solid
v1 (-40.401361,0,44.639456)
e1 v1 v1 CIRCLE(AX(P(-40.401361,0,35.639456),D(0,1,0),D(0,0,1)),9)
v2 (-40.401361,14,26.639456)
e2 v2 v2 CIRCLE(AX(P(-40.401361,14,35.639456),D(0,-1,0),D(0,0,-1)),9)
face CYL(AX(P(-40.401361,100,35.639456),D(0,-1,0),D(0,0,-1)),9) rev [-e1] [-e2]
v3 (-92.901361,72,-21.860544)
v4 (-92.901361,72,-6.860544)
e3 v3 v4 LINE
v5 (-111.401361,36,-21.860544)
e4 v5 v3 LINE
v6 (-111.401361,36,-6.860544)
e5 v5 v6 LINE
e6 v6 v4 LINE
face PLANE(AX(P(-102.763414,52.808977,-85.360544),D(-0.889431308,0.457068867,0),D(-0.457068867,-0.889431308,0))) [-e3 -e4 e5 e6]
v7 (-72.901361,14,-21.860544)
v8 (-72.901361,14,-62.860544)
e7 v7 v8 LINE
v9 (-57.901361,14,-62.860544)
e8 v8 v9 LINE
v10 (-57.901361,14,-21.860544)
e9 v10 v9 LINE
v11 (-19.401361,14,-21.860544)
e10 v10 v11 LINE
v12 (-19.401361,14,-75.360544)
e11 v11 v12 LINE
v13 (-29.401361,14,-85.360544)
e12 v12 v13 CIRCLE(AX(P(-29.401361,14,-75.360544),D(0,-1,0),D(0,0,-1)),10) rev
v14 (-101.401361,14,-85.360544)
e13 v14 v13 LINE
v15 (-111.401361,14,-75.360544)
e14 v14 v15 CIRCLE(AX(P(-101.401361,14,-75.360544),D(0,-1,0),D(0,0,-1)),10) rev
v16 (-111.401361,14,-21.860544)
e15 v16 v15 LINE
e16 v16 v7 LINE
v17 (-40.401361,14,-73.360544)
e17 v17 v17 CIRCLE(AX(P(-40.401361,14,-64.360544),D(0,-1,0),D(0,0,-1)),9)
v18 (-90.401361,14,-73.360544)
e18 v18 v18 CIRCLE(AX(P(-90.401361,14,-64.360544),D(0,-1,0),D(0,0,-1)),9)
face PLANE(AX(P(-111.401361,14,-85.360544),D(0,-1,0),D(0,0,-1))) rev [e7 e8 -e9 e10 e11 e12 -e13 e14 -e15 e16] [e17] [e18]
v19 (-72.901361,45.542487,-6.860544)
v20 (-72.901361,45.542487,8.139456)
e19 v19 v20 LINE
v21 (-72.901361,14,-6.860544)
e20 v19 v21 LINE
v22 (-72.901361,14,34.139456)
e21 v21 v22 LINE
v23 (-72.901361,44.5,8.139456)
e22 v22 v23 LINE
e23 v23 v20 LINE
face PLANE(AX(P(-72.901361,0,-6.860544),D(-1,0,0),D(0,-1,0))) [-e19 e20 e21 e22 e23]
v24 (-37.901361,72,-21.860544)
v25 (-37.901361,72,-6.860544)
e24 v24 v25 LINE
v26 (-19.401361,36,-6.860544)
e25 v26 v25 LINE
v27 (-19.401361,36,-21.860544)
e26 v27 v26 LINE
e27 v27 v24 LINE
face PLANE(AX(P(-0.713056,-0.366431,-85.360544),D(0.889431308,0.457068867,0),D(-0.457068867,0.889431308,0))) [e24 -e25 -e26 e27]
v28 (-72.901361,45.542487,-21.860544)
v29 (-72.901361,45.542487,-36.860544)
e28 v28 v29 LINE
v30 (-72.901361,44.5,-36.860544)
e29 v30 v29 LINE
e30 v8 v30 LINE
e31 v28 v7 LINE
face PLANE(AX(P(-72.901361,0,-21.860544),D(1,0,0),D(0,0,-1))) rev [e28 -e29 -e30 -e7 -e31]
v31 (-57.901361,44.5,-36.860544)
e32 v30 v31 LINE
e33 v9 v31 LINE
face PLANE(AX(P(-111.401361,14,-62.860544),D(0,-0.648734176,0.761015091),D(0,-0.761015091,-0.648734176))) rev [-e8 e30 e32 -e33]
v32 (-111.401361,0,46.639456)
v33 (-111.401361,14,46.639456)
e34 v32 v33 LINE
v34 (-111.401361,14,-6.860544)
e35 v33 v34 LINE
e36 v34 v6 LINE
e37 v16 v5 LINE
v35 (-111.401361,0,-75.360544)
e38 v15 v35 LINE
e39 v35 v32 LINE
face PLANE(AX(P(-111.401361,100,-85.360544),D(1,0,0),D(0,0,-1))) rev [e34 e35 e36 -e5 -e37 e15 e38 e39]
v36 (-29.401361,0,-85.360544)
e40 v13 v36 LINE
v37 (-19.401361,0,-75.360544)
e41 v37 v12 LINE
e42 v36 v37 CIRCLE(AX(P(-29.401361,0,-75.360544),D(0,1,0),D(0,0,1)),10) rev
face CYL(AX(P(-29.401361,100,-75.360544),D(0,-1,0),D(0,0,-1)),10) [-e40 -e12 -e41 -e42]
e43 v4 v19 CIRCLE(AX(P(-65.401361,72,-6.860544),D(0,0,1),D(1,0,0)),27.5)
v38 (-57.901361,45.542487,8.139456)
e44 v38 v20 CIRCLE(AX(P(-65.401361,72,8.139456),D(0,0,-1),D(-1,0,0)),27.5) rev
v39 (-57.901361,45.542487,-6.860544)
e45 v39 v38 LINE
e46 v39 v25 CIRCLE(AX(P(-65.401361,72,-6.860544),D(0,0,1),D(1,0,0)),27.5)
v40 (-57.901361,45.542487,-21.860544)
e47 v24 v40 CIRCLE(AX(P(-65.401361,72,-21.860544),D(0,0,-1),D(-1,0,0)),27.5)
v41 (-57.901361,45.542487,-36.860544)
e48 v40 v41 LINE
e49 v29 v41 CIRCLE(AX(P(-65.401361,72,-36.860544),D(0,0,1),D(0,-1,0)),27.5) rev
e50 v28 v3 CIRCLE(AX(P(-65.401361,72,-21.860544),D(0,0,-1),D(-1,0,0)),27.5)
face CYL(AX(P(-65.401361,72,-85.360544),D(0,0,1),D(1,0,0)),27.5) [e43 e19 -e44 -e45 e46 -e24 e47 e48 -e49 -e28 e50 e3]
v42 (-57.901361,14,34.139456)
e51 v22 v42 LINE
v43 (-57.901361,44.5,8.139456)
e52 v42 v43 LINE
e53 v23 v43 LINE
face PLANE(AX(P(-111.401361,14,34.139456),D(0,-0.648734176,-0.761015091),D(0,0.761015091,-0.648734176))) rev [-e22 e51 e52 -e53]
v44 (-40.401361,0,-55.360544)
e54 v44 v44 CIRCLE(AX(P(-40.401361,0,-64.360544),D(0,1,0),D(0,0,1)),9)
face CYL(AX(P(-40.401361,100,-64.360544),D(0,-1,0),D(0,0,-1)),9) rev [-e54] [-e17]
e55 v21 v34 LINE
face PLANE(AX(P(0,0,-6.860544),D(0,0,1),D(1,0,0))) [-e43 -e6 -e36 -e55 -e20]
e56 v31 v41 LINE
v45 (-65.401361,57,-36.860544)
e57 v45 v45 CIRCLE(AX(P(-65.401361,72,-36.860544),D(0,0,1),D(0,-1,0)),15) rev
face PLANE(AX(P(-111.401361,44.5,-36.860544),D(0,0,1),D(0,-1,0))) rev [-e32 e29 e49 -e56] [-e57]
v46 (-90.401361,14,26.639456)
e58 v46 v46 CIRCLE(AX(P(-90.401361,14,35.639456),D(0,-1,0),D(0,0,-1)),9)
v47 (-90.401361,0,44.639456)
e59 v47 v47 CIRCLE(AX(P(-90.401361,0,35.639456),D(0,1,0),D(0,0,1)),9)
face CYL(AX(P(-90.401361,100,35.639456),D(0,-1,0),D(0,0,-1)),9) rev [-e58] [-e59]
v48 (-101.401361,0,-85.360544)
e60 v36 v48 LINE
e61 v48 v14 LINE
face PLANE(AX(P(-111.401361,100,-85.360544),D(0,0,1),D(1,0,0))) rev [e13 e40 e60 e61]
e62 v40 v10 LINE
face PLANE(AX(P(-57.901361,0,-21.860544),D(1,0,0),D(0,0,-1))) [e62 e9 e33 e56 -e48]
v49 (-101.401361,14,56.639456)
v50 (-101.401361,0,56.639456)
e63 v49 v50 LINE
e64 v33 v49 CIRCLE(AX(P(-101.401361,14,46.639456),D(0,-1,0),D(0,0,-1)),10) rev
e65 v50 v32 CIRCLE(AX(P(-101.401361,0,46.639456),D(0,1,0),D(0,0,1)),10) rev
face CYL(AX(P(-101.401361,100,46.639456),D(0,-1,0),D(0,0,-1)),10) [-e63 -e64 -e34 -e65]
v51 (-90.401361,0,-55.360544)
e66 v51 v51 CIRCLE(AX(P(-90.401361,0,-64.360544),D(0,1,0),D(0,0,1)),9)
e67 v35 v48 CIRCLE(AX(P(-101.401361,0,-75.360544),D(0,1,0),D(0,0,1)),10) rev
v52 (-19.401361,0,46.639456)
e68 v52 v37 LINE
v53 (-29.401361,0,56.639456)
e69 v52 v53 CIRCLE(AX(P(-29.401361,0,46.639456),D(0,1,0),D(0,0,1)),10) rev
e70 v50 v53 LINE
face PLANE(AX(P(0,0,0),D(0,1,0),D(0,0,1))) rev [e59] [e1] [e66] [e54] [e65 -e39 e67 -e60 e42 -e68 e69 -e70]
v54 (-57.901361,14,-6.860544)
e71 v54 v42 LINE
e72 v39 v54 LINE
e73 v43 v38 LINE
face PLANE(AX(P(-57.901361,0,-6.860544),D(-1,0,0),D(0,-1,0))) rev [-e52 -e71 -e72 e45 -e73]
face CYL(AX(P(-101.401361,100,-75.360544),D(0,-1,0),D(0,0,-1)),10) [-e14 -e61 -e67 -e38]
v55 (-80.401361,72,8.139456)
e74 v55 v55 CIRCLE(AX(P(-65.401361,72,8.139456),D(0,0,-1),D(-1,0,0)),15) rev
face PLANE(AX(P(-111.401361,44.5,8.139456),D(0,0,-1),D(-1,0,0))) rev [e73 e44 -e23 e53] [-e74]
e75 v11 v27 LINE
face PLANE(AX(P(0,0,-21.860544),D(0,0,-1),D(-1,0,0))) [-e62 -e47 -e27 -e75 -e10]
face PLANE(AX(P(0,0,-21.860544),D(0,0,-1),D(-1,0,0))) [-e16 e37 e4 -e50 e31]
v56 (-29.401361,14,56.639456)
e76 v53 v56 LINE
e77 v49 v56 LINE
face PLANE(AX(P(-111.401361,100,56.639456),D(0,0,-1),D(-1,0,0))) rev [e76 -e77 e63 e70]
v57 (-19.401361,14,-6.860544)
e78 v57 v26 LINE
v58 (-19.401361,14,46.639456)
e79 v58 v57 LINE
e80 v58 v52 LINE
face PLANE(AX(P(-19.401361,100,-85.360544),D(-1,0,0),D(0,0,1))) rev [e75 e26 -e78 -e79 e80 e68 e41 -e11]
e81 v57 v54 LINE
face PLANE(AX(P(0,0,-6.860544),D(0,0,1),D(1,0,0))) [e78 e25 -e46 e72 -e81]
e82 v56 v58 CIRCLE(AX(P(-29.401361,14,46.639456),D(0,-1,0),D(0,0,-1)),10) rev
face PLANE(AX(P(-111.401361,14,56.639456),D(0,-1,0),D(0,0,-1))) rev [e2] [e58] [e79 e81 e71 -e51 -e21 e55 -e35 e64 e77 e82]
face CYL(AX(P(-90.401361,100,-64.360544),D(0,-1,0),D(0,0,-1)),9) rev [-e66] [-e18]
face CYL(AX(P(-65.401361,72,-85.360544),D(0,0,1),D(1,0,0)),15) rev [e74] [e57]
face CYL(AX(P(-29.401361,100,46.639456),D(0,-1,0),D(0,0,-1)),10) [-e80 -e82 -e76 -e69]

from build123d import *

# Parameters (mm, degrees)
CROQUIS1_W              = 92
CROQUIS1_H              = 142
CROQUIS1_R              = 9
SALIENTE_EXTRUIR1_DEPTH = 100
CROQUIS2_R              = 15
CORTAR_EXTRUIR1_DEPTH   = 142
CORTAR_EXTRUIR2_DEPTH   = 92
CORTAR_EXTRUIR3_DEPTH   = 63.5
CORTAR_EXTRUIR4_DEPTH   = 63.5
REDONDEO1_R             = 10


with BuildPart() as part:
    # Croquis1 → Saliente-Extruir1 (new body)
    with BuildSketch(Plane(origin=(0, 0, 0), x_dir=(1, 0, 0), z_dir=(0, 1, 0))):
        with Locations((-65.401360544, 14.360544218)):
            Rectangle(CROQUIS1_W, CROQUIS1_H)
        with Locations((-90.401360544, 64.360544218)):
            Circle(CROQUIS1_R, mode=Mode.SUBTRACT)
        with Locations((-90.401360544, -35.639455782)):
            Circle(CROQUIS1_R, mode=Mode.SUBTRACT)
        with Locations((-40.401360544, 64.360544218)):
            Circle(CROQUIS1_R, mode=Mode.SUBTRACT)
        with Locations((-40.401360544, -35.639455782)):
            Circle(CROQUIS1_R, mode=Mode.SUBTRACT)
    extrude(amount=SALIENTE_EXTRUIR1_DEPTH)

    # Croquis2 → Cortar-Extruir1 (cut)
    with BuildSketch(Plane.XY.offset(56.639455782)):
        with BuildLine():
            Line((-111.401360544, 36), (-92.901360544, 72))
            ThreePointArc((-92.901360544, 72), (-65.401360544, 99.5), (-37.901360544, 72))
            Line((-37.901360544, 72), (-19.401360544, 36))
            Line((-19.401360544, 36), (-19.401360544, 100))
            Line((-19.401360544, 100), (-111.401360544, 100))
            Line((-111.401360544, 100), (-111.401360544, 36))
        make_face()
        with Locations((-65.401360544, 72)):
            Circle(CROQUIS2_R)
    extrude(amount=-CORTAR_EXTRUIR1_DEPTH, mode=Mode.SUBTRACT)

    # Croquis3 → Cortar-Extruir2 (cut)
    with BuildSketch(Plane(origin=(-19.401360544, 0, 0), x_dir=(0, 0, -1), z_dir=(1, 0, 0))):
        Polygon((62.860544218, 14), (36.860544218, 44.5), (36.860544218, 99.5), (85.360544218, 99.5), (85.360544218, 14), align=None)
        Polygon((-56.639455782, 14), (-34.139455782, 14), (-8.139455782, 44.5), (-8.139455782, 99.5), (-56.639455782, 99.5), align=None)
    extrude(amount=-CORTAR_EXTRUIR2_DEPTH, mode=Mode.SUBTRACT)

    # Croquis4 → Cortar-Extruir3 (cut)
    with BuildSketch(Plane.XY.offset(56.639455782)):
        with BuildLine():
            Line((-92.901360544, 72), (-111.401360544, 36))
            Line((-111.401360544, 36), (-111.401360544, 14))
            Line((-111.401360544, 14), (-72.901360544, 14))
            Line((-72.901360544, 14), (-72.901360544, 45.542486889))
            ThreePointArc((-72.901360544, 45.542486889), (-87.338771513, 55.416876048), (-92.901360544, 72))
        make_face()
        with BuildLine():
            Line((-19.401360544, 36), (-37.901360544, 72))
            ThreePointArc((-37.901360544, 72), (-43.463949576, 55.416876048), (-57.901360544, 45.542486889))
            Line((-57.901360544, 45.542486889), (-57.901360544, 14))
            Line((-57.901360544, 14), (-19.401360544, 14))
            Line((-19.401360544, 14), (-19.401360544, 36))
        make_face()
    extrude(amount=-CORTAR_EXTRUIR3_DEPTH, mode=Mode.SUBTRACT)

    # Croquis7 → Cortar-Extruir4 (cut)
    with BuildSketch(Plane(origin=(0, 0, -85.360544218), x_dir=(-1, 0, 0), z_dir=(0, 0, -1))):
        with BuildLine():
            Line((57.901360544, 14), (57.901360544, 45.542486889))
            ThreePointArc((57.901360544, 45.542486889), (43.463949576, 55.416876048), (37.901360544, 72))
            Line((37.901360544, 72), (19.401360544, 36))
            Line((19.401360544, 36), (19.401360544, 14))
            Line((19.401360544, 14), (57.901360544, 14))
        make_face()
        with BuildLine():
            ThreePointArc((92.901360544, 72), (87.338771513, 55.416876048), (72.901360544, 45.542486889))
            Line((72.901360544, 45.542486889), (72.901360544, 14))
            Line((72.901360544, 14), (111.401360544, 14))
            Line((111.401360544, 14), (111.401360544, 36))
            Line((111.401360544, 36), (92.901360544, 72))
        make_face()
    extrude(amount=-CORTAR_EXTRUIR4_DEPTH, mode=Mode.SUBTRACT)

    # Redondeo1
    redondeo1_edges = [part.edges().sort_by_distance(p)[0] for p in [
        (-19.401360544, 7, -85.360544218),
        (-111.401360544, 7, -85.360544218),
        (-19.401360544, 7, 56.639455782),
        (-111.401360544, 7, 56.639455782),
    ]]
    fillet(redondeo1_edges, radius=REDONDEO1_R)


solid = part.part
